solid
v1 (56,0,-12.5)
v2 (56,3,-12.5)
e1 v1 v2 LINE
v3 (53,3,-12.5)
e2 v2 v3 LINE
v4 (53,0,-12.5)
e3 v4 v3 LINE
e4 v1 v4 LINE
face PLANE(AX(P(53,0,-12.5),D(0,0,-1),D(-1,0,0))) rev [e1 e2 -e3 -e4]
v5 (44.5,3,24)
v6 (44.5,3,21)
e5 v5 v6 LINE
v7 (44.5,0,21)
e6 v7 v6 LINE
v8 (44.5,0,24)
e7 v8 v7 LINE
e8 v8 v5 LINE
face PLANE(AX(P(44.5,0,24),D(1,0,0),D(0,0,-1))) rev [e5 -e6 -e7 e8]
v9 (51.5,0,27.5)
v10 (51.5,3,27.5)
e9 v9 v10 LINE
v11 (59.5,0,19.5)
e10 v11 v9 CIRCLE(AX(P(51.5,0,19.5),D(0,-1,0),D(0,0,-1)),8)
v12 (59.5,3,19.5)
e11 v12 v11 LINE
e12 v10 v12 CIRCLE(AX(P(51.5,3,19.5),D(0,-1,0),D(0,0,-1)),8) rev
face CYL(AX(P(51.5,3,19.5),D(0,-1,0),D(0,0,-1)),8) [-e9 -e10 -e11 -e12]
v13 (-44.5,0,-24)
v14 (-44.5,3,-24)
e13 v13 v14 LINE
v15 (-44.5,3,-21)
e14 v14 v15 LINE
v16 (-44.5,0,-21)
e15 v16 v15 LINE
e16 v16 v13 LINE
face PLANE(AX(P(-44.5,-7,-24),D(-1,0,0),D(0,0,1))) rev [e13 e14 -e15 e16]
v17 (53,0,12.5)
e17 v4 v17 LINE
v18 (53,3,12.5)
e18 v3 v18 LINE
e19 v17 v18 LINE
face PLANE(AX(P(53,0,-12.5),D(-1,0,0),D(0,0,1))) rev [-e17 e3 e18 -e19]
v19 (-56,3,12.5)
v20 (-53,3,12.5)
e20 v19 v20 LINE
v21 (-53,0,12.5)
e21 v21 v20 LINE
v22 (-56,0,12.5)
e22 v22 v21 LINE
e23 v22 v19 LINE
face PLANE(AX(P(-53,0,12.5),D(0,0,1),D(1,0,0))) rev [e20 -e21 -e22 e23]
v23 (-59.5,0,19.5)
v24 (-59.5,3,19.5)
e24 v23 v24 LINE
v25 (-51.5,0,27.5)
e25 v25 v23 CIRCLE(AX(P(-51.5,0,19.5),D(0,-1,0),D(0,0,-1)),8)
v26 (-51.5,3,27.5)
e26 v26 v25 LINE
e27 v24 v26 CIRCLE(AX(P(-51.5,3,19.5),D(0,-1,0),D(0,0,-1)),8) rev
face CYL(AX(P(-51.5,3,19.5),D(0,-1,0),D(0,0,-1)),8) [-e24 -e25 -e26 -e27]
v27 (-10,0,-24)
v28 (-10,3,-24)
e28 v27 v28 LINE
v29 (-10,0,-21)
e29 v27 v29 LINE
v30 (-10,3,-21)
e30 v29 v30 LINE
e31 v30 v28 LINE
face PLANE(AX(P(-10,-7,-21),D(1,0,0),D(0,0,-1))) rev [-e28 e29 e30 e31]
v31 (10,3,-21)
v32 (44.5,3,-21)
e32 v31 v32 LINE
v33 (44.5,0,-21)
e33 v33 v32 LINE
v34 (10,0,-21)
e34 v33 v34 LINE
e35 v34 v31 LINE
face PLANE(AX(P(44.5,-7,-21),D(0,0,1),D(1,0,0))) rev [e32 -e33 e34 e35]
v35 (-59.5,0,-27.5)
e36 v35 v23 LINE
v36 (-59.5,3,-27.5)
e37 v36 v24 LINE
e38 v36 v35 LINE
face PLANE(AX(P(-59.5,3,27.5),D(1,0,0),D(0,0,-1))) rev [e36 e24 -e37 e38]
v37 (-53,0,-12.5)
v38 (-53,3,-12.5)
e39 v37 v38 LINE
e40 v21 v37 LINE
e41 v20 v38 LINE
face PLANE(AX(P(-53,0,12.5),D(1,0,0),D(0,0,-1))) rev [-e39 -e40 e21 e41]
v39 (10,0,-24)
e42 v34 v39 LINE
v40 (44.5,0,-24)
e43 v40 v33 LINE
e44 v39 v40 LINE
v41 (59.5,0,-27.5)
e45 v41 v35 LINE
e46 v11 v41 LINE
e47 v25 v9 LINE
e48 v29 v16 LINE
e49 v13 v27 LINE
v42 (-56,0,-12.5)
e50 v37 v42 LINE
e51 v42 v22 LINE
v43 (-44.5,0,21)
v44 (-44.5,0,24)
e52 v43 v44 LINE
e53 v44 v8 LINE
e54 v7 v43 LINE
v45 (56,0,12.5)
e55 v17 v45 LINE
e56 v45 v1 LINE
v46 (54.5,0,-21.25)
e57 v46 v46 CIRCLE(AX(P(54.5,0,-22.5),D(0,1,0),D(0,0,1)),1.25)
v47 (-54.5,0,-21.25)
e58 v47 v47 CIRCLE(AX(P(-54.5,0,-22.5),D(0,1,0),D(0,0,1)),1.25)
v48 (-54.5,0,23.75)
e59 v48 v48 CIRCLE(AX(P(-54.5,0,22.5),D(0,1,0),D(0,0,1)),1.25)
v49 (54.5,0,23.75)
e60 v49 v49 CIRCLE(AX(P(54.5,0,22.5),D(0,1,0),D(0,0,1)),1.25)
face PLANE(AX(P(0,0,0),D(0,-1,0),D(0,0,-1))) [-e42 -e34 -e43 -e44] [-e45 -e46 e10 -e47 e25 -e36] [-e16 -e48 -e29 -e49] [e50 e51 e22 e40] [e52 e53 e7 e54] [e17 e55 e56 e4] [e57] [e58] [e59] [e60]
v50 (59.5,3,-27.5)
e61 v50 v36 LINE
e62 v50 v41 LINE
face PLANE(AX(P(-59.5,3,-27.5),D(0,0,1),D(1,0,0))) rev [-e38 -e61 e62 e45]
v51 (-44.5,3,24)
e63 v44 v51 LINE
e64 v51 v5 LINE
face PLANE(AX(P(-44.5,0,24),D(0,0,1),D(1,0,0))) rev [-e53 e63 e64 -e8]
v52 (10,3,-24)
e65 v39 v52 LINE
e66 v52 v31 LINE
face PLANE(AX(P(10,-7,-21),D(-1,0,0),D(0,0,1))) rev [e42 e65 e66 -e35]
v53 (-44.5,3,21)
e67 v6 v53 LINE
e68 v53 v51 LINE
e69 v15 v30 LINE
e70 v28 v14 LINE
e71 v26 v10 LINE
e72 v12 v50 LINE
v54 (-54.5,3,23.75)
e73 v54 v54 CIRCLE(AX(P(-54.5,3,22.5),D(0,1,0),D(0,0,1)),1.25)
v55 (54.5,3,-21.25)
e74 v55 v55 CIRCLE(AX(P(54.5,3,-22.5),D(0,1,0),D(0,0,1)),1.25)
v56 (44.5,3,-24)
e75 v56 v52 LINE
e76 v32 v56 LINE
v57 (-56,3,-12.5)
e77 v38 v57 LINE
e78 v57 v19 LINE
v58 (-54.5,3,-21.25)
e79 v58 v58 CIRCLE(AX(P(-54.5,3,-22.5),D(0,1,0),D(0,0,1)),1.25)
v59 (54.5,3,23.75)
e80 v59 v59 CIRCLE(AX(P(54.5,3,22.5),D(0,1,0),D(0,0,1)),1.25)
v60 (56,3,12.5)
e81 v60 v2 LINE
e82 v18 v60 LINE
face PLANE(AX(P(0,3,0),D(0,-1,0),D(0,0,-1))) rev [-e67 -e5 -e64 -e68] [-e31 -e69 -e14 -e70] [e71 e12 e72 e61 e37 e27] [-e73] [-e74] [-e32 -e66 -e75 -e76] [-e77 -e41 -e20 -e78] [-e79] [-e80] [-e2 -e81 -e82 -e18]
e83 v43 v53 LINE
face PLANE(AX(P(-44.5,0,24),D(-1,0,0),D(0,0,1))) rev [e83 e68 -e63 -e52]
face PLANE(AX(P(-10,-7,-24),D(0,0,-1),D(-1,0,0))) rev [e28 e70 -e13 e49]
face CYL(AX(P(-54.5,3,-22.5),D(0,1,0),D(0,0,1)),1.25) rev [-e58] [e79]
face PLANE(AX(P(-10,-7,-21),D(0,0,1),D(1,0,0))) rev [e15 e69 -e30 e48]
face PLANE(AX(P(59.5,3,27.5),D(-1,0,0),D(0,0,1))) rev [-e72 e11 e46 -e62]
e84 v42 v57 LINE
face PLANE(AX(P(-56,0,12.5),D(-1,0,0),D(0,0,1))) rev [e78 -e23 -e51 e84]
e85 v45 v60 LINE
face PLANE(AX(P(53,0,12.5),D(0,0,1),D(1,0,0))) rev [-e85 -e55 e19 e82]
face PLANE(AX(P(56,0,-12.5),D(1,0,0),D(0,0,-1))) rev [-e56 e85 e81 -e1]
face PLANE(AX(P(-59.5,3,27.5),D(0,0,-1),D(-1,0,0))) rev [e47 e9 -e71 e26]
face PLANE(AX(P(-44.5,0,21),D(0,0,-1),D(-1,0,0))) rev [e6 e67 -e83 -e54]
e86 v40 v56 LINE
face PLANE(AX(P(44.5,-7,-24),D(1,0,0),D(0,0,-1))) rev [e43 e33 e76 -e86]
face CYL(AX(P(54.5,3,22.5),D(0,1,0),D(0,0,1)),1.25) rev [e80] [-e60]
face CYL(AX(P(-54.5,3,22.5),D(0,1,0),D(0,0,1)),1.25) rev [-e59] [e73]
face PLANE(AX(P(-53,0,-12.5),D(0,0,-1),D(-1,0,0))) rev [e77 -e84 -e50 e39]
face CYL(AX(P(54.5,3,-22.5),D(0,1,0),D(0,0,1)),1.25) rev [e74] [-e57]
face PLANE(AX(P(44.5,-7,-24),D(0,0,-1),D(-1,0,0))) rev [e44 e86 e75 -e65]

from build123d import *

# Parameters (mm, degrees)
SCHIZZO1_W                   = 119
SCHIZZO1_H                   = 55
ESTRUSIONE_ESTRUSIONE1_DEPTH = 3
FORO_FILETTATO_M3X0_5_1_D    = 2.5
SCHIZZO4_W                   = 89
SCHIZZO4_H                   = 3
SCHIZZO4_W_2                 = 3
SCHIZZO4_H_2                 = 25
TAGLIO_ESTRUSIONE1_DEPTH     = 66.616308948
RACCORDO1_R                  = 8
SCHIZZO5_W                   = 34.5
SCHIZZO5_H                   = 3
TAGLIO_ESTRUSIONE2_DEPTH     = 10


with BuildPart() as part:
    # Schizzo1 → Estrusione-Estrusione1 (new body)
    with BuildSketch(Plane(origin=(0, 0, 0), x_dir=(1, 0, 0), z_dir=(0, 1, 0))):
        Rectangle(SCHIZZO1_W, SCHIZZO1_H)
    extrude(amount=ESTRUSIONE_ESTRUSIONE1_DEPTH)

    # Foro filettato M3x0.5-1 (through all)
    with Locations(Plane(origin=(0, 3, 0), x_dir=(1, 0, 0), z_dir=(0, 1, 0))):
        with Locations((-54.5, -22.5), (54.5, -22.5), (54.5, 22.5), (-54.5, 22.5)):
            Hole(FORO_FILETTATO_M3X0_5_1_D / 2)

    # Schizzo4 → Taglio-Estrusione1 (cut, through all)
    with BuildSketch(Plane(origin=(0, 3, 0), x_dir=(1, 0, 0), z_dir=(0, 1, 0))):
        with Locations((0, -22.5)):
            Rectangle(SCHIZZO4_W, SCHIZZO4_H)
        with Locations((54.5, 0)):
            Rectangle(SCHIZZO4_W_2, SCHIZZO4_H_2)
        with Locations((-54.5, 0)):
            Rectangle(SCHIZZO4_W_2, SCHIZZO4_H_2)
    extrude(amount=-TAGLIO_ESTRUSIONE1_DEPTH, mode=Mode.SUBTRACT)

    # Raccordo1
    raccordo1_edges = [part.edges().sort_by_distance(p)[0] for p in [
        (59.5, 1.5, 27.5),
        (-59.5, 1.5, 27.5),
    ]]
    fillet(raccordo1_edges, radius=RACCORDO1_R)

    # Schizzo5 → Taglio-Estrusione2 (cut)
    with BuildSketch(Plane(origin=(0, 3, 0), x_dir=(1, 0, 0), z_dir=(0, 1, 0))):
        with Locations((27.25, 22.5)):
            Rectangle(SCHIZZO5_W, SCHIZZO5_H)
        with Locations((-27.25, 22.5)):
            Rectangle(SCHIZZO5_W, SCHIZZO5_H)
    extrude(amount=-TAGLIO_ESTRUSIONE2_DEPTH, mode=Mode.SUBTRACT)


solid = part.part
